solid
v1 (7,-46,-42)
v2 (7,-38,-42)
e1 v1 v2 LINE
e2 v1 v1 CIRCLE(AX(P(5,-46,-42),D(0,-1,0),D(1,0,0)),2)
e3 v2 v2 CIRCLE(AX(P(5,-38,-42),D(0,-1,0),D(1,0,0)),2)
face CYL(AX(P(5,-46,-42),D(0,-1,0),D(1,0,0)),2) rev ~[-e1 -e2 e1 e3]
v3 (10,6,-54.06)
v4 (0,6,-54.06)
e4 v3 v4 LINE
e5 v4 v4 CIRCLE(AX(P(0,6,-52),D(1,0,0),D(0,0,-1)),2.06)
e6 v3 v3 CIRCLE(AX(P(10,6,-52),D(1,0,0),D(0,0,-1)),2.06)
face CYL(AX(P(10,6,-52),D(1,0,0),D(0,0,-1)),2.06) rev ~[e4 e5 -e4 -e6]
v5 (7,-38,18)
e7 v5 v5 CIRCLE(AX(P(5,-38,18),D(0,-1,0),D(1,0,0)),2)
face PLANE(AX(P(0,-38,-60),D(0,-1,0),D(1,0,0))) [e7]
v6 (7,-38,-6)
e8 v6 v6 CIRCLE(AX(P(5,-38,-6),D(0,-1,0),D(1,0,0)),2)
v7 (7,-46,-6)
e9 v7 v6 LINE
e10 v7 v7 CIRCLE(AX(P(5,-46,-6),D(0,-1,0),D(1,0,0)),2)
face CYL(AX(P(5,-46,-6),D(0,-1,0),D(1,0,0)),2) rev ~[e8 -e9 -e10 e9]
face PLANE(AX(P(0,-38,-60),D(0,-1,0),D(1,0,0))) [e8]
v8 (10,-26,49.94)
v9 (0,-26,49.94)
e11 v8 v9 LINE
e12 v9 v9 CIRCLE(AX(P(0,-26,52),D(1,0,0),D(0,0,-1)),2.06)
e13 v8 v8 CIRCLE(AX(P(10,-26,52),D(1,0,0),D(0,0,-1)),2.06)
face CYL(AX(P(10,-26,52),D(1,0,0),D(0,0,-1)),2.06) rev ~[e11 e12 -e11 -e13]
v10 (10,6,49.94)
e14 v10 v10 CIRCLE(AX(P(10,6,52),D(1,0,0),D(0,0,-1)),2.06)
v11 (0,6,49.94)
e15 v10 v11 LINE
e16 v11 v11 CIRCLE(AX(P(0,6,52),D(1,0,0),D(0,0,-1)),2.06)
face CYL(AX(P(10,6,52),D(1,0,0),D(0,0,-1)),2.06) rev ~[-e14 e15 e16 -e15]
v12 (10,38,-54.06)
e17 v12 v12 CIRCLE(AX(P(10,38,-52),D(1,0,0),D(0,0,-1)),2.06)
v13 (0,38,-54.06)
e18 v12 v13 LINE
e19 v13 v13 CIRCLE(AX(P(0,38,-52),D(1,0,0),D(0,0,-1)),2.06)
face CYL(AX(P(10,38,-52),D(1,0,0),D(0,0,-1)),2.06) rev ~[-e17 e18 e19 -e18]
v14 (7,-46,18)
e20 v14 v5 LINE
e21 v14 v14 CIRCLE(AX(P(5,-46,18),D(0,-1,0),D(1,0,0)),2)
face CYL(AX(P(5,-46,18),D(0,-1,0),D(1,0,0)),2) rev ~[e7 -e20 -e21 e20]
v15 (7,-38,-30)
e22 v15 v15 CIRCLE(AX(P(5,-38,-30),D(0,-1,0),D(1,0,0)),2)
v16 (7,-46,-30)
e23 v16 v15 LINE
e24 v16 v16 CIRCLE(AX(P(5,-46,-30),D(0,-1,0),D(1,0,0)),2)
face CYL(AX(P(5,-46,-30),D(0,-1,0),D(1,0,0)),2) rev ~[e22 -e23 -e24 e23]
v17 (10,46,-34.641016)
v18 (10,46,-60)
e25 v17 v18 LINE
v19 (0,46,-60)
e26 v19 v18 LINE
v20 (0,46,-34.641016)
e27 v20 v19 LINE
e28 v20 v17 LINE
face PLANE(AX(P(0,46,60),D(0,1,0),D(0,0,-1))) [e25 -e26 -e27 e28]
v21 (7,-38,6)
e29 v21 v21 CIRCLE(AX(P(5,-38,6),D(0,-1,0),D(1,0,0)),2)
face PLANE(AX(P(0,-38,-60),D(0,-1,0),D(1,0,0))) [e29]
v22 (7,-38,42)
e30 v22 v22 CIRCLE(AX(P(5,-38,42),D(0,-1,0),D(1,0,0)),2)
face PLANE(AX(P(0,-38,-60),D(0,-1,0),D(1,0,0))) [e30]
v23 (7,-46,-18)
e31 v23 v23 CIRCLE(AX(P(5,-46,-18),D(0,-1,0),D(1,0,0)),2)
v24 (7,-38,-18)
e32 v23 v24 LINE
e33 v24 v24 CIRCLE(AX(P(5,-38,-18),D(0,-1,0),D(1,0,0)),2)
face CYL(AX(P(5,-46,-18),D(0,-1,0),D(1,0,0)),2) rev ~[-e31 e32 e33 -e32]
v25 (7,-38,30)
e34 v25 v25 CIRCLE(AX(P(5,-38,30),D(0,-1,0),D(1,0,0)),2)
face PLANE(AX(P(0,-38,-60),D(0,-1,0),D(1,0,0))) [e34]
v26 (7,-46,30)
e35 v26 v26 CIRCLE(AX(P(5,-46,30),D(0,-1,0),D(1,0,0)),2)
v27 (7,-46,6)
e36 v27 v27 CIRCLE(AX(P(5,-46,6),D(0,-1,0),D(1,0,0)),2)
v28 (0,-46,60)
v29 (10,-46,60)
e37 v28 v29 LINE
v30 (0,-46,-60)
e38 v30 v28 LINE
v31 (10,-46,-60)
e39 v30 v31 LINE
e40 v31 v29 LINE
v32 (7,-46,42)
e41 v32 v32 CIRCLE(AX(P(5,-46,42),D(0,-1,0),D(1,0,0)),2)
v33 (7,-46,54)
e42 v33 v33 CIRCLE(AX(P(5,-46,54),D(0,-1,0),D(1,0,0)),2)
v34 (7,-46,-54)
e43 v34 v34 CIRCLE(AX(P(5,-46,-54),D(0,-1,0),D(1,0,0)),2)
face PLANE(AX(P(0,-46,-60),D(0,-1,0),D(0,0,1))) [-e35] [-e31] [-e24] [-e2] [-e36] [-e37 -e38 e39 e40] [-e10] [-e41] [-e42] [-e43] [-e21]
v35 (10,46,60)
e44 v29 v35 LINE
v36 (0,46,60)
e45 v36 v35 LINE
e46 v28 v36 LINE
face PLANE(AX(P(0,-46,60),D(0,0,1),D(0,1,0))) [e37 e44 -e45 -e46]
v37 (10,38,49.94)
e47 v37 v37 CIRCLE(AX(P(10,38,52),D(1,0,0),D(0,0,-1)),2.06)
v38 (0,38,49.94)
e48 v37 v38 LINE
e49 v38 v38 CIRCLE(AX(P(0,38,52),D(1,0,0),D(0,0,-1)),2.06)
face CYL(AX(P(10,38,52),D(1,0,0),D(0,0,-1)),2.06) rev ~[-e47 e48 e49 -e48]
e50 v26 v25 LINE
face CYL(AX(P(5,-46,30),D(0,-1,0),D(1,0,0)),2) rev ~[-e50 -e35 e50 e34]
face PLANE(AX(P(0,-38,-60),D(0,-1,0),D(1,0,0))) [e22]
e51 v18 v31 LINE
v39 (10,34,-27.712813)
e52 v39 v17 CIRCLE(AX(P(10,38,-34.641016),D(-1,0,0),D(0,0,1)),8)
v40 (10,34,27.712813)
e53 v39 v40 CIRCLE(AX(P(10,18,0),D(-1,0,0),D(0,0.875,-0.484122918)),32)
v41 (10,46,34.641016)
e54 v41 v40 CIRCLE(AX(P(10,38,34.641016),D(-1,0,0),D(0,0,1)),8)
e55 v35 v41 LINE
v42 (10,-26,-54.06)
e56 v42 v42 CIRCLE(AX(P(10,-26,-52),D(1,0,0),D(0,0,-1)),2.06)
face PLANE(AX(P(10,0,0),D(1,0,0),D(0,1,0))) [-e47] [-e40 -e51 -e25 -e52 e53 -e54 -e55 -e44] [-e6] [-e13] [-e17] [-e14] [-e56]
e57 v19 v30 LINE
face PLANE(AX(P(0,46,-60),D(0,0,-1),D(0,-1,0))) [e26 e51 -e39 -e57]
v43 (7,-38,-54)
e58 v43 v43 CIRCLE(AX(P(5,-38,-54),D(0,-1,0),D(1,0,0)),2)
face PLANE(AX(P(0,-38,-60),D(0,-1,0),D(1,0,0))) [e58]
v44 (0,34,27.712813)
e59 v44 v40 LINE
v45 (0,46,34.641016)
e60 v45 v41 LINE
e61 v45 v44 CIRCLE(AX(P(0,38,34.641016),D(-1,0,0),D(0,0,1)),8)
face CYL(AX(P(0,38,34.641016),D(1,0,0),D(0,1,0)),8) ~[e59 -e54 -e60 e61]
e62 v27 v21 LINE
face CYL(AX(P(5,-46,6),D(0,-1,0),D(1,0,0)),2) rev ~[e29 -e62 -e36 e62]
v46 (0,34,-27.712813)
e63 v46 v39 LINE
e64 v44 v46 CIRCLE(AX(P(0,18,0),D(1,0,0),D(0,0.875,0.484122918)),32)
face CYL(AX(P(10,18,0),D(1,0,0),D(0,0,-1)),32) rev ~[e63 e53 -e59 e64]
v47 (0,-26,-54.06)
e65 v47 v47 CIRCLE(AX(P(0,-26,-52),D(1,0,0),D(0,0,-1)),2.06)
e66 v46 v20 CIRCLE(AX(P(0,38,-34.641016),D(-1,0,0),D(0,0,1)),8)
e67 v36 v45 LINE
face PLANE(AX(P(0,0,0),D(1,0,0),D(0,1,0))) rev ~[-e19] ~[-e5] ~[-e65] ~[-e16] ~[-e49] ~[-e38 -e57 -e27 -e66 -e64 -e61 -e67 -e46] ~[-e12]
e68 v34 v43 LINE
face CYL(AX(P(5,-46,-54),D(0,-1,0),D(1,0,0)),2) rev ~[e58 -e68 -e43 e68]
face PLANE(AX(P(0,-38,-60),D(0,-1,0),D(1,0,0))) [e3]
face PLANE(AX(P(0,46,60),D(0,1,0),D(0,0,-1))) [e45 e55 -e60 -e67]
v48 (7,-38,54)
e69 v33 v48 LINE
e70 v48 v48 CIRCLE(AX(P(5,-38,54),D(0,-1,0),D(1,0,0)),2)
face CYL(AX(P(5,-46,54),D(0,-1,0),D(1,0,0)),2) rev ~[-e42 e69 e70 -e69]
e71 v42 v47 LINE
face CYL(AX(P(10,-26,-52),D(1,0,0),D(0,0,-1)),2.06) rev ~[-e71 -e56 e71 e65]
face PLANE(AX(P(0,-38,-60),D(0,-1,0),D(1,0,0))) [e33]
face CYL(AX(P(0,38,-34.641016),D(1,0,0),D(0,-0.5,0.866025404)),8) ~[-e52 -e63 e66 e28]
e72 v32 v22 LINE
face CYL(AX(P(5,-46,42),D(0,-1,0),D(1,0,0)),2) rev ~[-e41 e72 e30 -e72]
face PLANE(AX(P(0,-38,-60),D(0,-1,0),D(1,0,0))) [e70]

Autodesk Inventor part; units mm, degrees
ref_plane "YZ Plane" through (0, 0, 0) normal (1, 0, 0) x (0, 1, 0)
ref_plane "XZ Plane" through (0, 0, 0) normal (0, 1, 0) x (-1, 0, 0)
ref_plane "XY Plane" through (0, 0, 0) normal (0, 0, 1) x (1, 0, 0)
sketch "Sketch1" plane through (0, 0, 0) normal (1, 0, 0) x (0, 1, 0)
  line L0 (-46, 60) -> (46, 60)
  line L1 (46, 60) -> (46, -60)
  line L2 (46, -60) -> (-46, -60)
  line L3 (-46, -60) -> (-46, 60)
  line L4 (-46, 60) -> (46, -60) construction
  line L5 (46, 60) -> (-46, -60) construction
  point P0 (0, 0)
  dimension "d0" = 92
  dimension "d1" = 120
extrude "Extrusion1" add sketch "Sketch1" along normal blind 10
sketch "Sketch3" plane through (10, 0, 0) normal (1, 0, 0) x (0, 0, -1)
  circle A0 centre (0, 18) radius 32
  line L0 (-60, -46) -> (60, -46) projected
  point P0 (0, 0)
  point P1 (0, -46)
  dimension "d16" = 64
  dimension "d17" = 64
extrude "Extrusion3" cut sketch "Sketch3" against normal through all
fillet "Fillet1" radius 8 2 edges at (5, 46, 15.4919) (5, 46, -15.4919)
sketch "Sketch6" plane through (0, -46, -60) normal (0, -1, 0) x (1, 0, 0)
  circle A0 centre (5, 114) radius 2
  line L0 (10, 120) -> (10, 0) construction
  circle A1 centre (5, 102) radius 2
  circle A2 centre (5, 90) radius 2
  circle A3 centre (5, 78) radius 2
  circle A4 centre (5, 66) radius 2
  circle A5 centre (5, 54) radius 2
  circle A6 centre (5, 42) radius 2
  circle A7 centre (5, 30) radius 2
  circle A8 centre (5, 18) radius 2
  circle A9 centre (5, 6) radius 2
  line L1 (5, 66) -> (5, 54) construction
  line L2 (0, 120) -> (0, 0) projected
  line L3 (0, 120) -> (10, 120) projected
  point P0 (0, 60)
  point P1 (5, 60)
  point P2 (0, 60)
  point P3 (5, 120)
  dimension "d66" = 4
  dimension "d69" = 12
extrude "Extrusion6" cut sketch "Sketch6" against normal blind 8
sketch "Sketch7" plane through (10, 0, 0) normal (1, 0, 0) x (0, 0, -1)
  circle A0 centre (-52, 38) radius 2.06
  line L0 (-34.641, 46) -> (-60, 46) construction
  line L1 (-60, 46) -> (-60, -46) construction
  line L2 (60, 46) -> (34.641, 46) construction
  line L3 (60, -46) -> (60, 46) construction
  line L4 (-60, -46) -> (60, -46) projected
  line L5 (0, 0) -> (0, -46) construction
  circle A1 centre (52, 38) radius 2.06
  circle A2 centre (-52, 6) radius 2.06
  circle A3 centre (-52, -26) radius 2.06
  circle A4 centre (52, 6) radius 2.06
  circle A5 centre (52, -26) radius 2.06
  dimension "d76" = 4.12
  dimension "d78" = 8
  dimension "d84" = 84
  dimension "d87" = 32
extrude "Extrusion7" cut sketch "Sketch7" against normal through all
properties part number "FirstStageMotorSupportPlate" material "Aluminum 6061"
